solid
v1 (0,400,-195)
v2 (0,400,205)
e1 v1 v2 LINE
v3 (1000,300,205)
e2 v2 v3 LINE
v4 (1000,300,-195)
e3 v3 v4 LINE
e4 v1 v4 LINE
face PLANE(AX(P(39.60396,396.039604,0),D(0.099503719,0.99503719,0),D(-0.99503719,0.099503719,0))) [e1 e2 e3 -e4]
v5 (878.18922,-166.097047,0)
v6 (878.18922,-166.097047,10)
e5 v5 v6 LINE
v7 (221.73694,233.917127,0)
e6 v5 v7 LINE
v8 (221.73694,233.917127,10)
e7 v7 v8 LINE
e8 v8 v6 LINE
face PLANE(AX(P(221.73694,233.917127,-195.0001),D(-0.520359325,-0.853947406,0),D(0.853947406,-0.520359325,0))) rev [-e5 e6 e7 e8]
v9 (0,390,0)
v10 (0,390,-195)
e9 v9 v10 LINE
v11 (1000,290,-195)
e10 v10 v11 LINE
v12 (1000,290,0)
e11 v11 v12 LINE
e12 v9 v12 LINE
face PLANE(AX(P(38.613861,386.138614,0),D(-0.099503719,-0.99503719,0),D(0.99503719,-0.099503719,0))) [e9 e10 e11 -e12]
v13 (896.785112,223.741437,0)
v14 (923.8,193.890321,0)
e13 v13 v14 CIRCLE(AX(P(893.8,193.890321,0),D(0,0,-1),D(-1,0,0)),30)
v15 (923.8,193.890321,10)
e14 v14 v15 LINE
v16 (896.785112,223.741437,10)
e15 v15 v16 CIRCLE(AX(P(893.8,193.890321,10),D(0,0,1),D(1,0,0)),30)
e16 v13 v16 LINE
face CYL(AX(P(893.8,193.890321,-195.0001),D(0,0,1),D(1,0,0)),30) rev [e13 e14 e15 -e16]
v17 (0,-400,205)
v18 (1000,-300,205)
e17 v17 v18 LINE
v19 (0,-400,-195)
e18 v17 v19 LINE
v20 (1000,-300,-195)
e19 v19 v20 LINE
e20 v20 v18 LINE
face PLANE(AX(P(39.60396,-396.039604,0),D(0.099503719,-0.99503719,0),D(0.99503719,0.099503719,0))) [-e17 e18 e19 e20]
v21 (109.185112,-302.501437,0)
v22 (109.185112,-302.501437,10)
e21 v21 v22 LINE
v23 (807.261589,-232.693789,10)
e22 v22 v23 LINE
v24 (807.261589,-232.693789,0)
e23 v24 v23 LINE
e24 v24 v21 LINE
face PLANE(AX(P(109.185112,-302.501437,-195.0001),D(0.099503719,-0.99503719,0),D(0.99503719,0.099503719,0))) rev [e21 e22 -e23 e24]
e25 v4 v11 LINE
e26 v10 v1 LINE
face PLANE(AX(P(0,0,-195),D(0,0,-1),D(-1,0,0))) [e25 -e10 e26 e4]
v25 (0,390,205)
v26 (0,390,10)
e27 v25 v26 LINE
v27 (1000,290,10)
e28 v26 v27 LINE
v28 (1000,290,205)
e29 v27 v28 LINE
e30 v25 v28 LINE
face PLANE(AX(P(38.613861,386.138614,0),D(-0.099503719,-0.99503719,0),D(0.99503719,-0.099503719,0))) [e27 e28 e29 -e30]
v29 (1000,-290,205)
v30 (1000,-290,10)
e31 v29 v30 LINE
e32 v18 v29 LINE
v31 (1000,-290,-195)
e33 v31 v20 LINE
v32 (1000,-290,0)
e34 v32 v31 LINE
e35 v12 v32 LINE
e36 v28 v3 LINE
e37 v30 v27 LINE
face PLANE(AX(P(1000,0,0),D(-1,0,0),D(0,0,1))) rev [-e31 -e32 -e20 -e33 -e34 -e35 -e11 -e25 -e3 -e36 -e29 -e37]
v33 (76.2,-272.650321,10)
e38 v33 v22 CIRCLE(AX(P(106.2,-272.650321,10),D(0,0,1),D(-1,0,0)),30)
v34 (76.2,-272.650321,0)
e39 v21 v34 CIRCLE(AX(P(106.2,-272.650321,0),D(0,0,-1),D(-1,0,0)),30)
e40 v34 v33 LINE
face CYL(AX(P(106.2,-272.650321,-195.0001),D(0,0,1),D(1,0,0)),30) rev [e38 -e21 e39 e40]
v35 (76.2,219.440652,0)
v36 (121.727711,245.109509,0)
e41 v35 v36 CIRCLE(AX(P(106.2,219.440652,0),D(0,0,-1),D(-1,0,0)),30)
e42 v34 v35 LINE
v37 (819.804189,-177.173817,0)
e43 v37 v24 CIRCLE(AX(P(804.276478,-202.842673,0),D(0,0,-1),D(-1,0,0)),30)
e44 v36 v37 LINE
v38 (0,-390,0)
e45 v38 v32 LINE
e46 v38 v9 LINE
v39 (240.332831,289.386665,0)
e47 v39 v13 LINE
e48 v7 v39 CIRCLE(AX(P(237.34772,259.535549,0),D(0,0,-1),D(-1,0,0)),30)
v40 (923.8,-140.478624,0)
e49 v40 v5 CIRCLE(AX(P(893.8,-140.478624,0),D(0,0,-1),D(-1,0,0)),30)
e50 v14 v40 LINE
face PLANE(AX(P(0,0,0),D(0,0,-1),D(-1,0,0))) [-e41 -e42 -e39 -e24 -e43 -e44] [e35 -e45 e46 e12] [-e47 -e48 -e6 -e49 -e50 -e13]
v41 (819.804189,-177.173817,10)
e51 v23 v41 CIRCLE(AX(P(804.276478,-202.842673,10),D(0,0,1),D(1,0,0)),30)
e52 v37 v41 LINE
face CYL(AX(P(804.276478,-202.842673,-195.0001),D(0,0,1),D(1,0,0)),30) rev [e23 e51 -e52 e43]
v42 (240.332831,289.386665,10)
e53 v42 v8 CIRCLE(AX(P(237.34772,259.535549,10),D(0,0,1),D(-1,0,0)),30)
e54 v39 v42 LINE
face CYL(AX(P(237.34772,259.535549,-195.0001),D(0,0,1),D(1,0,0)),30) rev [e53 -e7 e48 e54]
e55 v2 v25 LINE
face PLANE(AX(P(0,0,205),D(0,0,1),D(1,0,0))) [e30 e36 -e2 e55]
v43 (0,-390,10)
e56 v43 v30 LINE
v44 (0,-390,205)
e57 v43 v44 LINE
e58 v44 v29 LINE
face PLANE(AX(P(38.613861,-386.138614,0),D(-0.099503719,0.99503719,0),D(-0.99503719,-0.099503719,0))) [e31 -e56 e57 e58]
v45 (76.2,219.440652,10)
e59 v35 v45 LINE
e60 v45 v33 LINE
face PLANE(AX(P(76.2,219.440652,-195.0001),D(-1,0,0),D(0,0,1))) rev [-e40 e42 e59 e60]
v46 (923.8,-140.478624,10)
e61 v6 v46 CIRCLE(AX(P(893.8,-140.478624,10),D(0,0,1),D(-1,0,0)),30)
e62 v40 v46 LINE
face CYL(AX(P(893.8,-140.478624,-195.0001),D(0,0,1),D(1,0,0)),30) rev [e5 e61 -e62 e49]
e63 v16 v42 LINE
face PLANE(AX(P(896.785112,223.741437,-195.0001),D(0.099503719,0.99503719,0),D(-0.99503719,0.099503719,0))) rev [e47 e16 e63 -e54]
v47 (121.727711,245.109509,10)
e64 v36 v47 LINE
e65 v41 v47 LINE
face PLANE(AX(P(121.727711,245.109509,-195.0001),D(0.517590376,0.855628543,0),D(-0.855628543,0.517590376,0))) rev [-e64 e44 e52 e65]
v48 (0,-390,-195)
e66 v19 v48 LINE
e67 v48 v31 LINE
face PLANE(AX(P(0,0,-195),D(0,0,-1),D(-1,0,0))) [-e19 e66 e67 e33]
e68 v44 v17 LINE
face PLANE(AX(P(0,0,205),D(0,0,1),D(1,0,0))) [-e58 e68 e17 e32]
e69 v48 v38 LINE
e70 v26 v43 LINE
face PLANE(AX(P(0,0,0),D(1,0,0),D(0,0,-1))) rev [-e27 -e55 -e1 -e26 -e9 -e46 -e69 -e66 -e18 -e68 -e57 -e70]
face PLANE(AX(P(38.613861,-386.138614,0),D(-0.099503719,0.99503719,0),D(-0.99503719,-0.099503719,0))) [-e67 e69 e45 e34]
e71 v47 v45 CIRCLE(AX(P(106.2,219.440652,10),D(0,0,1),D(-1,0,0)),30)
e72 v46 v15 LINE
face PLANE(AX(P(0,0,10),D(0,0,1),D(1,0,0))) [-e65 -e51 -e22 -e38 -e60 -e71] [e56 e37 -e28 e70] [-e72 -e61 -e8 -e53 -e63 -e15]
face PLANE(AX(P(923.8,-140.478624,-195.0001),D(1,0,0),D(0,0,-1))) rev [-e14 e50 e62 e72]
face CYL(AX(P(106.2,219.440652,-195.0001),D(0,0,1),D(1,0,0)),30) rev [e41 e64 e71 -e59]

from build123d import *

# Parameters (mm, degrees)
CUT_EXTRUDE1_DEPTH = 206.0000001


with BuildPart() as part:
    # Sketch1 → Loft4 section 0
    with BuildSketch(Plane(origin=(0, 0, 0), x_dir=(0, 0, -1), z_dir=(1, 0, 0))):
        Polygon((-205, 400), (195, 400), (195, 390), (0, 390), (0, -390), (195, -390), (195, -400), (-205, -400), (-205, -390), (-10, -390), (-10, 390), (-205, 390), align=None)
    # Sketch4 → Loft4 section 1
    with BuildSketch(Plane(origin=(1000, 0, -1000), x_dir=(0, 0, 1), z_dir=(-1, 0, 0))):
        Polygon((805, 300), (1205, 300), (1205, 290), (1010, 290), (1010, -290), (1205, -290), (1205, -300), (805, -300), (805, -290), (1000, -290), (1000, 290), (805, 290), align=None)
    loft()

    # Sketch6 → Cut-Extrude1 (cut, through all)
    with BuildSketch(Plane.XY.offset(10)):
        with BuildLine():
            Line((221.736940013, 233.917126741), (878.189220239, -166.0970465))
            ThreePointArc((878.189220239, -166.0970465), (908.491436403, -166.635109102), (923.8, -140.478624315))
            Line((923.8, -140.478624315), (923.8, 193.890320904))
            ThreePointArc((923.8, 193.890320904), (916.043576007, 214.020480527), (896.785111571, 223.74143661))
            Line((896.785111571, 223.74143661), (240.332831344, 289.386664633))
            ThreePointArc((240.332831344, 289.386664633), (208.903576567, 269.071308844), (221.736940013, 233.917126741))
        make_face()
        with BuildLine():
            Line((121.727711267, 245.109508509), (819.804188988, -177.17381685))
            ThreePointArc((819.804188988, -177.17381685), (833.539047237, -209.453423865), (807.261589291, -232.693788838))
            Line((807.261589291, -232.693788838), (109.185111571, -302.50143661))
            ThreePointArc((109.185111571, -302.50143661), (86.069840377, -294.89389691), (76.2, -272.650320904))
            Line((76.2, -272.650320904), (76.2, 219.440652228))
            ThreePointArc((76.2, 219.440652228), (91.466218035, 245.573307451), (121.727711267, 245.109508509))
        make_face()
    extrude(amount=-CUT_EXTRUDE1_DEPTH, mode=Mode.SUBTRACT)


solid = part.part
